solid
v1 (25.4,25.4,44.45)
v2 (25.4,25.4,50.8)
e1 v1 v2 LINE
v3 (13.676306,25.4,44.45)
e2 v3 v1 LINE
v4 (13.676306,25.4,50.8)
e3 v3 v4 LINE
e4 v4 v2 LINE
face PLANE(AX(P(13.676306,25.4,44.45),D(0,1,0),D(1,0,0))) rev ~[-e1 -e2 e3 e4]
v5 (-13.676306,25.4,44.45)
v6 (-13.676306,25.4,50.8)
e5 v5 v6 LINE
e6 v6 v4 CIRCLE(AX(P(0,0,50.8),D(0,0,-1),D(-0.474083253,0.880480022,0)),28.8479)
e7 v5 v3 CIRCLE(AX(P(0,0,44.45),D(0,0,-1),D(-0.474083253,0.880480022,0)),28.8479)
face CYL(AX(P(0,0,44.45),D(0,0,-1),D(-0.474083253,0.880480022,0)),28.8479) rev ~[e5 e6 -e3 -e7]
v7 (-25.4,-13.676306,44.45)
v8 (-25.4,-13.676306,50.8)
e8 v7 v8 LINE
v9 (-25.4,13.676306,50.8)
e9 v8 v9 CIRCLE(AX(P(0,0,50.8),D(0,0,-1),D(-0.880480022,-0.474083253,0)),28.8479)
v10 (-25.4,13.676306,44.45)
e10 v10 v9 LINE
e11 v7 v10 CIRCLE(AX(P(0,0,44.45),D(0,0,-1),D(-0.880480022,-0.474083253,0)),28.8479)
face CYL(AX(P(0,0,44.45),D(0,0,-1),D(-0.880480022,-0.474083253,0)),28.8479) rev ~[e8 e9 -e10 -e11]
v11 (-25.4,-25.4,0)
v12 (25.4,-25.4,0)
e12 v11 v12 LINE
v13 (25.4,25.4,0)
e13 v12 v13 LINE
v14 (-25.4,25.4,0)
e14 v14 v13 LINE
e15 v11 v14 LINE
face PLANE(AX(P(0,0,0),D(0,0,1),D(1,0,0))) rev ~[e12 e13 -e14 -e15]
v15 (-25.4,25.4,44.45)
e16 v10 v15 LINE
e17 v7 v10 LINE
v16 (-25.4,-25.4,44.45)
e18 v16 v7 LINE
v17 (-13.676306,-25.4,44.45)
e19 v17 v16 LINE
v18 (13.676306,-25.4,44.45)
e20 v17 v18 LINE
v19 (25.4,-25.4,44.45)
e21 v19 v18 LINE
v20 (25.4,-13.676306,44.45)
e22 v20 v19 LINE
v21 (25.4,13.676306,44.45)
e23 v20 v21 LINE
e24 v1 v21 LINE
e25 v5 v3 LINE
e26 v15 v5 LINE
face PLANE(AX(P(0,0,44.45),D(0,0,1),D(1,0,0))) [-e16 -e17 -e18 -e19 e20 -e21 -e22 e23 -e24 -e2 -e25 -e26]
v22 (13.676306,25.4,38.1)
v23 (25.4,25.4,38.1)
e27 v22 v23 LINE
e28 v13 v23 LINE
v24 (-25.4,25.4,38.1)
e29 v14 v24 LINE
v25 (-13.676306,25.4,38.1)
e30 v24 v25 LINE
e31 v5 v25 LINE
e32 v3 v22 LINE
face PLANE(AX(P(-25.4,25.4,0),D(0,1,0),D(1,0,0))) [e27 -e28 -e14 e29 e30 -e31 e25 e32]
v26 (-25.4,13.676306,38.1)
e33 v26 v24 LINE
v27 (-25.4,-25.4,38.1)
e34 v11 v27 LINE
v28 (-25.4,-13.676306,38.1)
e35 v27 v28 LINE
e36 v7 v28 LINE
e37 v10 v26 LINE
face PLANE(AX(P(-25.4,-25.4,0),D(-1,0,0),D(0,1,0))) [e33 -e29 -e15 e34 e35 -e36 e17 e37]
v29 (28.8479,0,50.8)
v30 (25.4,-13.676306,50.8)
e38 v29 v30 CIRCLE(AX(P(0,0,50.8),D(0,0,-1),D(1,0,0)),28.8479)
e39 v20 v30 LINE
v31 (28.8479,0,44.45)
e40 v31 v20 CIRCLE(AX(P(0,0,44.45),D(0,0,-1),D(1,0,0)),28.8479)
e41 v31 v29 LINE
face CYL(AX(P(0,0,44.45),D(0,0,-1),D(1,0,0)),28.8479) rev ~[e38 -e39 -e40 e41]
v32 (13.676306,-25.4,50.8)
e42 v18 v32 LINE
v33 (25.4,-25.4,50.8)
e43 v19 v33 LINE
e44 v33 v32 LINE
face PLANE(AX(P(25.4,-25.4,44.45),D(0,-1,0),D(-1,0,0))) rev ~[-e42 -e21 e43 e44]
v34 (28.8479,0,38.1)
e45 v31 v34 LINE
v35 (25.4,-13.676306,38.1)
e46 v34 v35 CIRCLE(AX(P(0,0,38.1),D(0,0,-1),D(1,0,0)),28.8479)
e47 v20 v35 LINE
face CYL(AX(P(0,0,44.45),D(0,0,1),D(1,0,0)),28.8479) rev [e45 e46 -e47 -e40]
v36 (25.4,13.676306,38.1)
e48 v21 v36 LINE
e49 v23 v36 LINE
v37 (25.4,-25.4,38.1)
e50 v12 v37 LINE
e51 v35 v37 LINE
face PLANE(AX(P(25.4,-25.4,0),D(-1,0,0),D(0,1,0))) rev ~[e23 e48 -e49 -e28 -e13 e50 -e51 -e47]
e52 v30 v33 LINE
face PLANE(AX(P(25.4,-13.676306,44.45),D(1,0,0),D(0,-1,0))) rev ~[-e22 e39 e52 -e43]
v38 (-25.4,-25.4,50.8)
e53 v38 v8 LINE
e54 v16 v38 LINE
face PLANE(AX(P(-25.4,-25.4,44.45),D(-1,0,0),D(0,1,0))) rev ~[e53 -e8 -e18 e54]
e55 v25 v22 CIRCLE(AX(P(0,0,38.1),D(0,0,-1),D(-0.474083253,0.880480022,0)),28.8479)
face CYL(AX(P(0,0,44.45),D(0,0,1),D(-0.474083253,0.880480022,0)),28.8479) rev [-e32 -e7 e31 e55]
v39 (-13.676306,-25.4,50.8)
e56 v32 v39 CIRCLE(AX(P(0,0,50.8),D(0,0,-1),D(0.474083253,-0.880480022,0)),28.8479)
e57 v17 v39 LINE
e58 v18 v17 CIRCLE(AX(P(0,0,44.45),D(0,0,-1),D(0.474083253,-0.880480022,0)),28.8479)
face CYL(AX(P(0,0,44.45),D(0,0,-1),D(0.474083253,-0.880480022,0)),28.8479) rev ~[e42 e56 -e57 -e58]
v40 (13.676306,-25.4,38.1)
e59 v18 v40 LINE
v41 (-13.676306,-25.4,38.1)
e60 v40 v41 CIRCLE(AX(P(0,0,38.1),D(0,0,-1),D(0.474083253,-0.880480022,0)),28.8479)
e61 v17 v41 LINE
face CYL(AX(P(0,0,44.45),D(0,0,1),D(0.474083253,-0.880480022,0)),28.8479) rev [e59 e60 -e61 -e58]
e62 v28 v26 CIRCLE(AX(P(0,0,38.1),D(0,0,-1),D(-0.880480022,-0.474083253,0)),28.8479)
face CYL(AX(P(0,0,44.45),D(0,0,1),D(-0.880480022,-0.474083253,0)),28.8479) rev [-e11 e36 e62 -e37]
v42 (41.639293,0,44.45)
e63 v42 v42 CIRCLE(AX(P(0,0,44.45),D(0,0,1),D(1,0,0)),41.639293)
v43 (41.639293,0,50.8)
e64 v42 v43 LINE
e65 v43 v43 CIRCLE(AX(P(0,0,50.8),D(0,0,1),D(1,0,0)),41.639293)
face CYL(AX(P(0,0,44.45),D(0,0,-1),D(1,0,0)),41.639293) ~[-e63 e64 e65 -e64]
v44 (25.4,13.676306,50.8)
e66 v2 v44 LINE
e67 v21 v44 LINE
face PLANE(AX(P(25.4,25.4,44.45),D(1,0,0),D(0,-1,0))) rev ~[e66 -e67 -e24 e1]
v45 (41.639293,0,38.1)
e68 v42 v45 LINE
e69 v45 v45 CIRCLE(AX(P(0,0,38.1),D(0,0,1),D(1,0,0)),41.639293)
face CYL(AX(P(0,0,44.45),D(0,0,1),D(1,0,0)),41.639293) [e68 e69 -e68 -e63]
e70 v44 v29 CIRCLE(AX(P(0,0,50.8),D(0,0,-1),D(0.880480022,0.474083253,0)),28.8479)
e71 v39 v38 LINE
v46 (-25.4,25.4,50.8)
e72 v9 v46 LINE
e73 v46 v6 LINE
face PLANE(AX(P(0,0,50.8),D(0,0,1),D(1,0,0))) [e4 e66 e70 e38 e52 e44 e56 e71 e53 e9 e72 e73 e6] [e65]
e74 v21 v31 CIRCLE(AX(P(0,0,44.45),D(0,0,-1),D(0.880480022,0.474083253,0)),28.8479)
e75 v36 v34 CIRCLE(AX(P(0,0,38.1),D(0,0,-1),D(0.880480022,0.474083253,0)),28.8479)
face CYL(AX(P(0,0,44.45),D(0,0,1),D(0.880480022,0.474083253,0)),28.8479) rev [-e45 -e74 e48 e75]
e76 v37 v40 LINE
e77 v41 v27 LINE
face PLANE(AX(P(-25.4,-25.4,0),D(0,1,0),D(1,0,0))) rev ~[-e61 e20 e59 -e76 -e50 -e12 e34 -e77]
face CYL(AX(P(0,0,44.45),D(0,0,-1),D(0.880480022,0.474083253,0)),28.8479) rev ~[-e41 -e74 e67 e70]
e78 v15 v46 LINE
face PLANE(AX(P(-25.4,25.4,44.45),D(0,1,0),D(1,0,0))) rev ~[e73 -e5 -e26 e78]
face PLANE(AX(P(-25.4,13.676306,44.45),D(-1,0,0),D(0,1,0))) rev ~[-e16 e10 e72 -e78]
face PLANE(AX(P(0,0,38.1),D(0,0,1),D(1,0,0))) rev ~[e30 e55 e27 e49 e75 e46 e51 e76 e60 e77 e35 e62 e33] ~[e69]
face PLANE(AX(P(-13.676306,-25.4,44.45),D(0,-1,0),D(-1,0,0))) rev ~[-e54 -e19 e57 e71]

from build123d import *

# Parameters (mm, degrees)
F0_W          = 50.8
F0_H          = 50.8
F1_DEPTH      = 44.45
F2_R          = 41.6392932994
F3_DEPTH      = 6.35
F3_DEPTH_BACK = 6.35


with BuildPart() as f1:
    # F0 (on Top) → F1 (new body)
    with BuildSketch(Plane.XY):
        Rectangle(F0_W, F0_H)
    extrude(amount=F1_DEPTH)

    # F2 (on face) → F3 (join, two sides)
    with BuildSketch(Plane.XY.offset(44.45)) as f3_sk:
        Circle(F2_R)
        with BuildLine():
            ThreePointArc((25.4, 13.6763064921), (27.9726476241, 7.0521162896), (28.8479004308, 0))
            ThreePointArc((28.8479004308, 0), (27.9726476241, -7.0521162896), (25.4, -13.6763064921))
            Line((25.4, -13.6763064921), (25.4, -25.4))
            Line((25.4, -25.4), (13.6763064921, -25.4))
            ThreePointArc((13.6763064921, -25.4), (0, -28.8479004308), (-13.6763064921, -25.4))
            Line((-13.6763064921, -25.4), (-25.4, -25.4))
            Line((-25.4, -25.4), (-25.4, -13.6763064921))
            ThreePointArc((-25.4, -13.6763064921), (-28.8479004308, 0), (-25.4, 13.6763064921))
            Line((-25.4, 13.6763064921), (-25.4, 25.4))
            Line((-25.4, 25.4), (-13.6763064921, 25.4))
            ThreePointArc((-13.6763064921, 25.4), (0, 28.8479004308), (13.6763064921, 25.4))
            Line((13.6763064921, 25.4), (25.4, 25.4))
            Line((25.4, 25.4), (25.4, 13.6763064921))
        make_face(mode=Mode.SUBTRACT)
    extrude(amount=-F3_DEPTH)
    extrude(f3_sk.sketch, amount=F3_DEPTH_BACK)


solid = f1.part
